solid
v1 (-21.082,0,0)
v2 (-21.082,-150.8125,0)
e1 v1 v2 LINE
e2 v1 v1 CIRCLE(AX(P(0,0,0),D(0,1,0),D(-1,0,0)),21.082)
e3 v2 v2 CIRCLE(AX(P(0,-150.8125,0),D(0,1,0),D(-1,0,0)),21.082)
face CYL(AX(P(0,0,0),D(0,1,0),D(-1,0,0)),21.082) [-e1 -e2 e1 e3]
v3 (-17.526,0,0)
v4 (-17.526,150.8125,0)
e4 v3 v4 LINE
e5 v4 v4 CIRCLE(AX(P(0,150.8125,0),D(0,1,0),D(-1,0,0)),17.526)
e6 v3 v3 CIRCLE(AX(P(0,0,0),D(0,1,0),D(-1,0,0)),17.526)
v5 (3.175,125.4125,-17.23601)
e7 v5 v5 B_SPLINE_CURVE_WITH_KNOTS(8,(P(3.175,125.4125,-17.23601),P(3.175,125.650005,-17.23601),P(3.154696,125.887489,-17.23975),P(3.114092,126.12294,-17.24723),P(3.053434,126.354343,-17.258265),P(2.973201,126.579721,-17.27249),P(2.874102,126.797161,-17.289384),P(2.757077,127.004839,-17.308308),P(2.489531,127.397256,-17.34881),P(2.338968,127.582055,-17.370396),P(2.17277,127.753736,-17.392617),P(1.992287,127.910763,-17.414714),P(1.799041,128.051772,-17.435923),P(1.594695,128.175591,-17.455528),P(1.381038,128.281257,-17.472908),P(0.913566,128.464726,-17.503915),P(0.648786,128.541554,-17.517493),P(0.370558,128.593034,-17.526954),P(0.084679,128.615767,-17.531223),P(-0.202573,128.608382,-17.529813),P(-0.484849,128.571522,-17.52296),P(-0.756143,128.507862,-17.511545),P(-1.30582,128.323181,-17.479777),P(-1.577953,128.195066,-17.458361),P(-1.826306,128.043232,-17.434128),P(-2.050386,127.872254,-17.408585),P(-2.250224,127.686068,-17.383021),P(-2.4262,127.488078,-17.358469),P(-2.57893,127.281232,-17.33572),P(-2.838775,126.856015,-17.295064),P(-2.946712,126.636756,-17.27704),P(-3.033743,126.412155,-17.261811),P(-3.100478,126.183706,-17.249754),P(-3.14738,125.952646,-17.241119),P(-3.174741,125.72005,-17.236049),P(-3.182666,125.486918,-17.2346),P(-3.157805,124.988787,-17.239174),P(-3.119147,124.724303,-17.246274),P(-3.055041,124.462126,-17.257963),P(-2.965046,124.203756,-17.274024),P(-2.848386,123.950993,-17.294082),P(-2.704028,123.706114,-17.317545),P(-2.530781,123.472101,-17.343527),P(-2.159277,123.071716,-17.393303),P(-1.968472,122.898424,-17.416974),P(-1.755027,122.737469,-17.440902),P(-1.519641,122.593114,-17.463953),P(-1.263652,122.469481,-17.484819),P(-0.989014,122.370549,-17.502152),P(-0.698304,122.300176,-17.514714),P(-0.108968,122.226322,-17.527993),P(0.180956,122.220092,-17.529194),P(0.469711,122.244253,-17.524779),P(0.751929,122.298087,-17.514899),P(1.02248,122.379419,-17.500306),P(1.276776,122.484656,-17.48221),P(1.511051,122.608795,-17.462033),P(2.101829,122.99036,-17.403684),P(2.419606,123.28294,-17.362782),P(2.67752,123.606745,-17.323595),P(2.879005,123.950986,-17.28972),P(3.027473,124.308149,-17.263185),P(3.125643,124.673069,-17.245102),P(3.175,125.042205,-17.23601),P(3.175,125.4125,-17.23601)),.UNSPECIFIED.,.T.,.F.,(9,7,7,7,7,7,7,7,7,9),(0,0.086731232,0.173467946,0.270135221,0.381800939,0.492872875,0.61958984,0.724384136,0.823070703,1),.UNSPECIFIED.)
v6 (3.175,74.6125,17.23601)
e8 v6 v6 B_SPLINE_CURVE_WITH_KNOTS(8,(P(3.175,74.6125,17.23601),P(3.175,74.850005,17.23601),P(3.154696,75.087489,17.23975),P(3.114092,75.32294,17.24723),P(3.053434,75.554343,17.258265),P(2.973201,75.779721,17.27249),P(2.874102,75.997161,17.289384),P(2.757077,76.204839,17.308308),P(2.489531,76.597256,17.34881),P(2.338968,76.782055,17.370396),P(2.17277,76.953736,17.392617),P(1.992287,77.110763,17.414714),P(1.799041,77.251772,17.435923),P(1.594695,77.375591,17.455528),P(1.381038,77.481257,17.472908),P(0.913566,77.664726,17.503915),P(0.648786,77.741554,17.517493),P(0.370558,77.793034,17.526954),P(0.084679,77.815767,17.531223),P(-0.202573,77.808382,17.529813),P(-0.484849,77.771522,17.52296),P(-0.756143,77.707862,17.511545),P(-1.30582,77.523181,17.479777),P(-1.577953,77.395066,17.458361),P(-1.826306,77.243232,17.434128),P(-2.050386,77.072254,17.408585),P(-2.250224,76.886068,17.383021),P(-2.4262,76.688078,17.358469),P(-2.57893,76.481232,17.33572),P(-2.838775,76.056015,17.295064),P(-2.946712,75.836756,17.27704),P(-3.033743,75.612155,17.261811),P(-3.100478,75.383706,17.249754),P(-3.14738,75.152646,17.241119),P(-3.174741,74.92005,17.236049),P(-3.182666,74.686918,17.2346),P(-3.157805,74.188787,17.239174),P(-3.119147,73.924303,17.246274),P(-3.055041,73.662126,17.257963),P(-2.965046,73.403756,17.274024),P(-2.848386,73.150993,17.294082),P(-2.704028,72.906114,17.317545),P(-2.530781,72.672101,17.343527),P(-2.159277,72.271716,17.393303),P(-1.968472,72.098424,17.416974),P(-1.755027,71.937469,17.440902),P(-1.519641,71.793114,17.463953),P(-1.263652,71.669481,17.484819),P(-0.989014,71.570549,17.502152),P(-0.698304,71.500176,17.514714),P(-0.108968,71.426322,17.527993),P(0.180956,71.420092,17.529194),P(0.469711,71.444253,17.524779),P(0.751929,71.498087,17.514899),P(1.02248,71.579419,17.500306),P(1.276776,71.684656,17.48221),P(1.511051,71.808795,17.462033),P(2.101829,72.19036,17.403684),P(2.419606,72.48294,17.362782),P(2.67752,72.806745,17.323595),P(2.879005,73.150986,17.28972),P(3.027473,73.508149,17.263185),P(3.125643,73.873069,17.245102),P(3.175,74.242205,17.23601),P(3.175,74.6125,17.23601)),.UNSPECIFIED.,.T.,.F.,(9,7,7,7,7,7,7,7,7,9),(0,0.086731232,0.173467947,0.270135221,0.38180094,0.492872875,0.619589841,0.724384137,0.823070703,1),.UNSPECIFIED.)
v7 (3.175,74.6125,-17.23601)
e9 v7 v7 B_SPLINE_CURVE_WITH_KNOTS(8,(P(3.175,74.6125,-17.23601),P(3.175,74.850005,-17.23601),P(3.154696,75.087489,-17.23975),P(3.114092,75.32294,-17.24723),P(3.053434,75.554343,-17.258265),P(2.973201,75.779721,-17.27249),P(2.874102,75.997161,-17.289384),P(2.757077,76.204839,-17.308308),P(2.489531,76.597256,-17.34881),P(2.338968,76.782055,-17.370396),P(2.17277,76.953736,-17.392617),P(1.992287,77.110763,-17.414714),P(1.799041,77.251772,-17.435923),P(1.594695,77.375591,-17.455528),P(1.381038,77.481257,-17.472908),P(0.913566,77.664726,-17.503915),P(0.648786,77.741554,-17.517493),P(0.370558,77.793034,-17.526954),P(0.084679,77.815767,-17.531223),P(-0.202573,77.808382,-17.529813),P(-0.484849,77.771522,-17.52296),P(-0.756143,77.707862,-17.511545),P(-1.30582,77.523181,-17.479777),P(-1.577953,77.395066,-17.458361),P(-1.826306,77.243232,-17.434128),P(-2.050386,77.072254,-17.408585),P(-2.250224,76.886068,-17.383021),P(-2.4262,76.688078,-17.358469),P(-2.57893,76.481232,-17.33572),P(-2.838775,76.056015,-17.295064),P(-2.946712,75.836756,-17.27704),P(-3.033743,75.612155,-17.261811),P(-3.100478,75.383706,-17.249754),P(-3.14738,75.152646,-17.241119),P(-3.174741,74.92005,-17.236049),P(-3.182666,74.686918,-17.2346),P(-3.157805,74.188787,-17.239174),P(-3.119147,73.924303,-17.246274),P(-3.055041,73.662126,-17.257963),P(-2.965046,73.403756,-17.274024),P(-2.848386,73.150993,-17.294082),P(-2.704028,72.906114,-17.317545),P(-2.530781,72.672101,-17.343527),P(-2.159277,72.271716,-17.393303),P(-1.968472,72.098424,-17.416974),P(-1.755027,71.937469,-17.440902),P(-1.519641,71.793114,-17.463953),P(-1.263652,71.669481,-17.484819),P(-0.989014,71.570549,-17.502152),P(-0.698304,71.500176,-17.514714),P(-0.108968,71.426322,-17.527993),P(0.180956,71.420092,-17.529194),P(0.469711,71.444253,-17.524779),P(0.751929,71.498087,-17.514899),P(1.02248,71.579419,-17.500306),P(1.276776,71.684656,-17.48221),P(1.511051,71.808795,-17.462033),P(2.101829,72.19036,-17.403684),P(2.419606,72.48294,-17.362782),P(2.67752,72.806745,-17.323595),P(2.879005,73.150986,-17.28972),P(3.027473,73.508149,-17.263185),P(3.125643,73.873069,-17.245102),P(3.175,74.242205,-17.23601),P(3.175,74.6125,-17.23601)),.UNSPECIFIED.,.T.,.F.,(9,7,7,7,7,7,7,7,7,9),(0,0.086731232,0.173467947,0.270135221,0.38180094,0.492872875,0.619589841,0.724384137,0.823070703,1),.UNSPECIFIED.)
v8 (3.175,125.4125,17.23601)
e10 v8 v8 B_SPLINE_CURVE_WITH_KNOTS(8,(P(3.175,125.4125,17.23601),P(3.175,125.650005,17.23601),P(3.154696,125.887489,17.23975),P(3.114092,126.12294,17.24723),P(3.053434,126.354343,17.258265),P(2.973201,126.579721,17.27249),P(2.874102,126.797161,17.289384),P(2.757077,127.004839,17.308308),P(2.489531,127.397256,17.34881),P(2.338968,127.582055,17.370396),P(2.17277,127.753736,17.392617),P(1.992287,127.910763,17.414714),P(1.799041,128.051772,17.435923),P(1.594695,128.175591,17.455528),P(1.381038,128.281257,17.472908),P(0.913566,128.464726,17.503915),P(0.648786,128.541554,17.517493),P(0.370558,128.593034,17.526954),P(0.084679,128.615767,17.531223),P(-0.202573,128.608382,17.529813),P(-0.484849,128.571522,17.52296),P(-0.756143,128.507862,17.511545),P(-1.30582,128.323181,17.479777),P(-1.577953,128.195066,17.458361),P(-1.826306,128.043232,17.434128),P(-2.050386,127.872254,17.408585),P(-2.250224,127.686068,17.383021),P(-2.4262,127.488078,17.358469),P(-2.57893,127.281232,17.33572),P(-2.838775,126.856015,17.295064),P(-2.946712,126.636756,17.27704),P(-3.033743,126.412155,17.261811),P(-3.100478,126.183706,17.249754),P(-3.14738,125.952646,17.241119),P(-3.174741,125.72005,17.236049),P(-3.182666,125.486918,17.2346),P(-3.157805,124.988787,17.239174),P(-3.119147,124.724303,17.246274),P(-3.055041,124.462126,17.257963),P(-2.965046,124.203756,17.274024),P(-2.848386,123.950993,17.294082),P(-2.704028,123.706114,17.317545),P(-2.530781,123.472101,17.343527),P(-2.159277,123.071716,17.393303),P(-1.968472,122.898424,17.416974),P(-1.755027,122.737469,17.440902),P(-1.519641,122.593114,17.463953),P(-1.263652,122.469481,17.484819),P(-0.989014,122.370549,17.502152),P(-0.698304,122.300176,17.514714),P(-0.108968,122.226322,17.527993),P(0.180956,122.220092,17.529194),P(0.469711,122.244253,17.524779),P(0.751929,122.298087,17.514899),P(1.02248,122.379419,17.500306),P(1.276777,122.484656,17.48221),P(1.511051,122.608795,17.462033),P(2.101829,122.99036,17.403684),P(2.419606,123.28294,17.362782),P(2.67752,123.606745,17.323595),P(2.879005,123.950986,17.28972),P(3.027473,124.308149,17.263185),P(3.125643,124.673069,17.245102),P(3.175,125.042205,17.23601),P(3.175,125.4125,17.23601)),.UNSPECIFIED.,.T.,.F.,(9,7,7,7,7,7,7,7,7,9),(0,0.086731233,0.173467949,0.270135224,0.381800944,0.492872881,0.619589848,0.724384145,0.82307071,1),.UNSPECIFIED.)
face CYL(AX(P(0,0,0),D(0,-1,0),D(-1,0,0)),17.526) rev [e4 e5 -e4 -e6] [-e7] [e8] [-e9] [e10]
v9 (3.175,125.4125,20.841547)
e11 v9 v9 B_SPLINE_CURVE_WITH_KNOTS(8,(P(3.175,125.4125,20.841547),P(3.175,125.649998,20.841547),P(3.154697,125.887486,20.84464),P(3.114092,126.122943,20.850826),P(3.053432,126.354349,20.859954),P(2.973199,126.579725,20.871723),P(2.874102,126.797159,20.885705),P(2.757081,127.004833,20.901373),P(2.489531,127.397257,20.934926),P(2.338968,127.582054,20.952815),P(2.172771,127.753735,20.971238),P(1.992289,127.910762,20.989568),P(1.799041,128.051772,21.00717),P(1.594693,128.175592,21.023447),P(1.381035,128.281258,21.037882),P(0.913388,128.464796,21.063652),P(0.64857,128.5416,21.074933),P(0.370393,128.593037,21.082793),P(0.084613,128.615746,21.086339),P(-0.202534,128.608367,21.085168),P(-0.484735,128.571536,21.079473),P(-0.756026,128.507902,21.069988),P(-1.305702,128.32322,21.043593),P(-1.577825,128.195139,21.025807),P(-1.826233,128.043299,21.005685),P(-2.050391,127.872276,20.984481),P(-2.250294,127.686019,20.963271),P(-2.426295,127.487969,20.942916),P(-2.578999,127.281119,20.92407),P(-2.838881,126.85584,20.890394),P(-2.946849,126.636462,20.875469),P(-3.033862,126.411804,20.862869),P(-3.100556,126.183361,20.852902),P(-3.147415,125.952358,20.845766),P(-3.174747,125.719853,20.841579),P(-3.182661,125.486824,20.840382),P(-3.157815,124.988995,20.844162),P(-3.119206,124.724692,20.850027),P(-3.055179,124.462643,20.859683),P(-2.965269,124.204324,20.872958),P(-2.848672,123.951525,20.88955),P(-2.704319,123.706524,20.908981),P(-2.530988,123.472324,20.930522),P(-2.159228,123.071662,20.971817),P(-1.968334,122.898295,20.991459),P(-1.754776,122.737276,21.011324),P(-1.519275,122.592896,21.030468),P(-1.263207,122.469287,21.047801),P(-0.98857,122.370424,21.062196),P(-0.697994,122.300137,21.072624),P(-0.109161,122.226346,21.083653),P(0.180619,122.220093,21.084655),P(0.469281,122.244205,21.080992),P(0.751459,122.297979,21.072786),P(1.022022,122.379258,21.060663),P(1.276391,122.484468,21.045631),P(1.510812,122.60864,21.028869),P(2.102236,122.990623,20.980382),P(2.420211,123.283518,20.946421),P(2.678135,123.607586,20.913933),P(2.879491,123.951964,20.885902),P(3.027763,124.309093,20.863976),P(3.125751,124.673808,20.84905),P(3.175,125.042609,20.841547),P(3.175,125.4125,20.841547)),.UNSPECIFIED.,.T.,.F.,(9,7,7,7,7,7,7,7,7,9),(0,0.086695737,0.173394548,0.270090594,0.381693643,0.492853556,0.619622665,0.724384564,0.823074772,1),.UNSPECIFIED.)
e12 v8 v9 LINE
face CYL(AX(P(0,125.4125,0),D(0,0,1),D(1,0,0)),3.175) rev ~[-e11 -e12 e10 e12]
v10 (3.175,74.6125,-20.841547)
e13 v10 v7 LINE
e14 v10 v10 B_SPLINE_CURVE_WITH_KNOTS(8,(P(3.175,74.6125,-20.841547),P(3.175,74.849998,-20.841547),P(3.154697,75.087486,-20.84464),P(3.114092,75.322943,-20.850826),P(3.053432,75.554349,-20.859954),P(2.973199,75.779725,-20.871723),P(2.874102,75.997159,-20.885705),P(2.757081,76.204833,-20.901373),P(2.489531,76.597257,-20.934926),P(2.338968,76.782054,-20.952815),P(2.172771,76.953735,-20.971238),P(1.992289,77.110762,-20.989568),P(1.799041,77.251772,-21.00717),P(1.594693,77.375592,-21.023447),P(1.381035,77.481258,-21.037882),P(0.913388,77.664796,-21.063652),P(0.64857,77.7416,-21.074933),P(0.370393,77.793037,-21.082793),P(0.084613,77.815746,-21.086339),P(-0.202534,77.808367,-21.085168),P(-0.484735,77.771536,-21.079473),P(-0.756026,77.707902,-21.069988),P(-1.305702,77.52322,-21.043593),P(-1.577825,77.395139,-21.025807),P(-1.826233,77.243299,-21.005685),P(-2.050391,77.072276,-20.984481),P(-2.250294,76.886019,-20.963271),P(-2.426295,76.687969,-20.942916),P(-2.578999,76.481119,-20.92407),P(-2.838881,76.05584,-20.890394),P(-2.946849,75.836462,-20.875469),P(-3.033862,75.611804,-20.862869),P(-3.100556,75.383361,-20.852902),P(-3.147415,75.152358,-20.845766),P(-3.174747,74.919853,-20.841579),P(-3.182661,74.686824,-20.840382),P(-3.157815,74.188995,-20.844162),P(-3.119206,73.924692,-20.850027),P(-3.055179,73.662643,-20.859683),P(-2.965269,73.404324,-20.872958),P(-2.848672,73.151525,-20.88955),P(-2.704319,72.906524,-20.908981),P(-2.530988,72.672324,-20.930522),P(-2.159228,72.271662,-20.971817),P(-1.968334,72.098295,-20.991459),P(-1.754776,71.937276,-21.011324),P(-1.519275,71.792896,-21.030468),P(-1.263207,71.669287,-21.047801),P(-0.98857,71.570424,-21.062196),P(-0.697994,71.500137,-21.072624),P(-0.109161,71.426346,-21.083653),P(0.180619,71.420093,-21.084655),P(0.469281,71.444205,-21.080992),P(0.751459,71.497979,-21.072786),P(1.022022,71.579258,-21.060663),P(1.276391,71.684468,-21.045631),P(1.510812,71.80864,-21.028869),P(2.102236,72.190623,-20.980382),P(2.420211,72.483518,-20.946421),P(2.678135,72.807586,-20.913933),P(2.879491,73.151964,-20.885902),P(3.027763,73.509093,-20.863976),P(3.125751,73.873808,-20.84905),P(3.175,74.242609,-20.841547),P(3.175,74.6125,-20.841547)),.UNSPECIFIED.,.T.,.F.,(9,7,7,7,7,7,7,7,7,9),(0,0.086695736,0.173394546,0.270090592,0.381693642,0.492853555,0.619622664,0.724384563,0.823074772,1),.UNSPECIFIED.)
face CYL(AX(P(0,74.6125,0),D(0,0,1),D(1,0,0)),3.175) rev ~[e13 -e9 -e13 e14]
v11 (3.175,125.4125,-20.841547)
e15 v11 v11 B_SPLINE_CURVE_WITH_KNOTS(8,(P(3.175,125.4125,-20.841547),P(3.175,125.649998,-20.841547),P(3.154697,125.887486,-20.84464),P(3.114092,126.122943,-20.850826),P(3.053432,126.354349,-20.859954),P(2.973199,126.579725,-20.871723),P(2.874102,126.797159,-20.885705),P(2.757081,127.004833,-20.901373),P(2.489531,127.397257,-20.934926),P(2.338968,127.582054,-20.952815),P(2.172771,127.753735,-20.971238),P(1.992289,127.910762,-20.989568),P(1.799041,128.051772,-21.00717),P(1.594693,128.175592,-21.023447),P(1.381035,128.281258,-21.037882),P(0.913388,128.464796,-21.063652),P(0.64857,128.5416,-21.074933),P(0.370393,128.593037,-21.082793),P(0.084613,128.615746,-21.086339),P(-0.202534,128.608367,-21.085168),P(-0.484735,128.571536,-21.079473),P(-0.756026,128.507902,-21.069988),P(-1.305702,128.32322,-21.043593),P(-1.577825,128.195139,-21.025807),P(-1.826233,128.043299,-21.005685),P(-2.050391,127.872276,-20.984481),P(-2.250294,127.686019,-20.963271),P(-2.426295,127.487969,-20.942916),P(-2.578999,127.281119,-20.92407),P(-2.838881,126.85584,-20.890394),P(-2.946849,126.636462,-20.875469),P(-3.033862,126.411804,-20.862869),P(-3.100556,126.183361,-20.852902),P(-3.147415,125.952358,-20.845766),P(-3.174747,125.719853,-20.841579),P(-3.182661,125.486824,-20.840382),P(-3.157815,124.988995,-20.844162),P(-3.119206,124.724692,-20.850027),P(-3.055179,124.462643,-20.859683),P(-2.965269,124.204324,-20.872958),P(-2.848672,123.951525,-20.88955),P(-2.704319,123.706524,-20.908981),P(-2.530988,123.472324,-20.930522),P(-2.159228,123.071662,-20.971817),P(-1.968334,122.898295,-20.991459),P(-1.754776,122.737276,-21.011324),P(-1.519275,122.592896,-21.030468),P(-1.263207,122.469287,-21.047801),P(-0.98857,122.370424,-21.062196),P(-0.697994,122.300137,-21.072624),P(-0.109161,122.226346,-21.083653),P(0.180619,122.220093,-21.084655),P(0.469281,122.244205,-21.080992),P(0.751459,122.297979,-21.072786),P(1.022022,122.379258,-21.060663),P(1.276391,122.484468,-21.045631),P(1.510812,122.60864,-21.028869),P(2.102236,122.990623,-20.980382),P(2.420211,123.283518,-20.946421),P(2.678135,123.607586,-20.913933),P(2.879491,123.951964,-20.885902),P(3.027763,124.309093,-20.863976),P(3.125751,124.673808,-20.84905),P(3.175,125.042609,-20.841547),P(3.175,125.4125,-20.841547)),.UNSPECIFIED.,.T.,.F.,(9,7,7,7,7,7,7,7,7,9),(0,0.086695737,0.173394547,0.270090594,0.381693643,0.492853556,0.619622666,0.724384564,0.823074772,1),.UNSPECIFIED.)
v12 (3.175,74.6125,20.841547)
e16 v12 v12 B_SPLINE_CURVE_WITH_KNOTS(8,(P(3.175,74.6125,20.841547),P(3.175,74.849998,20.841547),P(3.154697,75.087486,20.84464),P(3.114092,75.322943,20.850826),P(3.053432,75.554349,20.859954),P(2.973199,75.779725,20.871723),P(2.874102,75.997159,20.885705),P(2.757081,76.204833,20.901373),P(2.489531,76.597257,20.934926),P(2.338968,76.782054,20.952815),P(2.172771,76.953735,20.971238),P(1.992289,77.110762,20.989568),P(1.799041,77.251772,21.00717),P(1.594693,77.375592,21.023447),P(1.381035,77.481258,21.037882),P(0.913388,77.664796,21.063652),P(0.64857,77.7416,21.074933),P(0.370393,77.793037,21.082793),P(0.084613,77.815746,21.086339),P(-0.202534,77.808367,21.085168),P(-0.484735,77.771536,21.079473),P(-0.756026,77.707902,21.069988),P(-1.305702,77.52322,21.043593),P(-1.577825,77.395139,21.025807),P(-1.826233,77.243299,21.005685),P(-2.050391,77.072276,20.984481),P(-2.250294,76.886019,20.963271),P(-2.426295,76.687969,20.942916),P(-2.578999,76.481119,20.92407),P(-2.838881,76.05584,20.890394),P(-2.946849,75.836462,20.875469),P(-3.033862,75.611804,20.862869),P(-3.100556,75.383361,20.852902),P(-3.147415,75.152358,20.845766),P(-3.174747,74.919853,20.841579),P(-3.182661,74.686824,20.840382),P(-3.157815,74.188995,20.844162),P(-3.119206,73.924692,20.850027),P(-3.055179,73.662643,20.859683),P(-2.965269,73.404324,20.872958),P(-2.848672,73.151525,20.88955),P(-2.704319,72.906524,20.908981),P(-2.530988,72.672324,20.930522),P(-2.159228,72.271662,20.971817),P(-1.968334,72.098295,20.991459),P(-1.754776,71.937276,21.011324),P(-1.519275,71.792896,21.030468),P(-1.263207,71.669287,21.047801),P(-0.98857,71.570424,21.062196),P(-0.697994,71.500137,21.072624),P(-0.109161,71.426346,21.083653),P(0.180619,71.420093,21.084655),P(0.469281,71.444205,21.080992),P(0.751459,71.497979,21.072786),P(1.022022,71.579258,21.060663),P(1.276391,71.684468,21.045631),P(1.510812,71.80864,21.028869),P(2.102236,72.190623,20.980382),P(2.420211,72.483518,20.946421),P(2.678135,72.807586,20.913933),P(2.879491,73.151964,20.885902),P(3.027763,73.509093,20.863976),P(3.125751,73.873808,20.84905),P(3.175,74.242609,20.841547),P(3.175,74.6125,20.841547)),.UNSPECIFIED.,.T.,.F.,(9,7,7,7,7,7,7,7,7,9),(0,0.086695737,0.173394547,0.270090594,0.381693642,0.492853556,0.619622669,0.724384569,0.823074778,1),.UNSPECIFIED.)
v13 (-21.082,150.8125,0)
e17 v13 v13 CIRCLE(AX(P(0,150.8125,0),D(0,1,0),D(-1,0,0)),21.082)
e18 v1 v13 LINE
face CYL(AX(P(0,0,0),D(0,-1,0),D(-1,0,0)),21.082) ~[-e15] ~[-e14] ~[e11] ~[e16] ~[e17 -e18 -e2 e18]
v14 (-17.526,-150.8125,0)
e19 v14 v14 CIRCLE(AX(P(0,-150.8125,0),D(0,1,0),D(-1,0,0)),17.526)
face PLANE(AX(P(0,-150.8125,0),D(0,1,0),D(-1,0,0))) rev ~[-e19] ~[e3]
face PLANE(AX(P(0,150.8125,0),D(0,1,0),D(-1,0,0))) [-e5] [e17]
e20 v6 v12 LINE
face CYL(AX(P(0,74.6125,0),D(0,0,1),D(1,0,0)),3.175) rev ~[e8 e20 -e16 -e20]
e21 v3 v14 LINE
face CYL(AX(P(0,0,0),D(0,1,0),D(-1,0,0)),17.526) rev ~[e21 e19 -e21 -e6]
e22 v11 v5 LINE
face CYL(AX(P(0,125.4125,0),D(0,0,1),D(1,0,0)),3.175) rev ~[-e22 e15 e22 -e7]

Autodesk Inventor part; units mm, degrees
ref_plane "YZ Plane" through (0, 0, 0) normal (1, 0, 0) x (0, 1, 0)
ref_plane "XZ Plane" through (0, 0, 0) normal (0, 1, 0) x (-1, 0, 0)
ref_plane "XY Plane" through (0, 0, 0) normal (0, 0, 1) x (1, 0, 0)
sketch "Sketch1" plane through (0, 0, 0) normal (0, 1, 0) x (-1, 0, 0)
  circle A0 centre (0, 0) radius 21.082
  circle A1 centre (0, 0) radius 17.526
  dimension "d0" = 42.164
  dimension "d1" = 35.052
extrude "Extrusion1" add sketch "Sketch1" along normal mid plane 301.625
sketch "Sketch3" plane through (0, 0, 0) normal (0, 0, 1) x (1, 0, 0)
  circle A0 centre (0, 125.4125) radius 3.175
  circle A1 centre (0, 74.6125) radius 3.175
  line L0 (21.082, 150.8125) -> (-21.082, 150.8125) projected
  point P0 (0, 0)
  dimension "d10" = 25.4
  dimension "d11" = 76.2
  dimension "d12" = 6.35
extrude "Extrusion3" cut sketch "Sketch3" against normal through all both and the other way through all
properties part number "FE-110-004 Bottom Side Bar" material "Aluminum 6061"
